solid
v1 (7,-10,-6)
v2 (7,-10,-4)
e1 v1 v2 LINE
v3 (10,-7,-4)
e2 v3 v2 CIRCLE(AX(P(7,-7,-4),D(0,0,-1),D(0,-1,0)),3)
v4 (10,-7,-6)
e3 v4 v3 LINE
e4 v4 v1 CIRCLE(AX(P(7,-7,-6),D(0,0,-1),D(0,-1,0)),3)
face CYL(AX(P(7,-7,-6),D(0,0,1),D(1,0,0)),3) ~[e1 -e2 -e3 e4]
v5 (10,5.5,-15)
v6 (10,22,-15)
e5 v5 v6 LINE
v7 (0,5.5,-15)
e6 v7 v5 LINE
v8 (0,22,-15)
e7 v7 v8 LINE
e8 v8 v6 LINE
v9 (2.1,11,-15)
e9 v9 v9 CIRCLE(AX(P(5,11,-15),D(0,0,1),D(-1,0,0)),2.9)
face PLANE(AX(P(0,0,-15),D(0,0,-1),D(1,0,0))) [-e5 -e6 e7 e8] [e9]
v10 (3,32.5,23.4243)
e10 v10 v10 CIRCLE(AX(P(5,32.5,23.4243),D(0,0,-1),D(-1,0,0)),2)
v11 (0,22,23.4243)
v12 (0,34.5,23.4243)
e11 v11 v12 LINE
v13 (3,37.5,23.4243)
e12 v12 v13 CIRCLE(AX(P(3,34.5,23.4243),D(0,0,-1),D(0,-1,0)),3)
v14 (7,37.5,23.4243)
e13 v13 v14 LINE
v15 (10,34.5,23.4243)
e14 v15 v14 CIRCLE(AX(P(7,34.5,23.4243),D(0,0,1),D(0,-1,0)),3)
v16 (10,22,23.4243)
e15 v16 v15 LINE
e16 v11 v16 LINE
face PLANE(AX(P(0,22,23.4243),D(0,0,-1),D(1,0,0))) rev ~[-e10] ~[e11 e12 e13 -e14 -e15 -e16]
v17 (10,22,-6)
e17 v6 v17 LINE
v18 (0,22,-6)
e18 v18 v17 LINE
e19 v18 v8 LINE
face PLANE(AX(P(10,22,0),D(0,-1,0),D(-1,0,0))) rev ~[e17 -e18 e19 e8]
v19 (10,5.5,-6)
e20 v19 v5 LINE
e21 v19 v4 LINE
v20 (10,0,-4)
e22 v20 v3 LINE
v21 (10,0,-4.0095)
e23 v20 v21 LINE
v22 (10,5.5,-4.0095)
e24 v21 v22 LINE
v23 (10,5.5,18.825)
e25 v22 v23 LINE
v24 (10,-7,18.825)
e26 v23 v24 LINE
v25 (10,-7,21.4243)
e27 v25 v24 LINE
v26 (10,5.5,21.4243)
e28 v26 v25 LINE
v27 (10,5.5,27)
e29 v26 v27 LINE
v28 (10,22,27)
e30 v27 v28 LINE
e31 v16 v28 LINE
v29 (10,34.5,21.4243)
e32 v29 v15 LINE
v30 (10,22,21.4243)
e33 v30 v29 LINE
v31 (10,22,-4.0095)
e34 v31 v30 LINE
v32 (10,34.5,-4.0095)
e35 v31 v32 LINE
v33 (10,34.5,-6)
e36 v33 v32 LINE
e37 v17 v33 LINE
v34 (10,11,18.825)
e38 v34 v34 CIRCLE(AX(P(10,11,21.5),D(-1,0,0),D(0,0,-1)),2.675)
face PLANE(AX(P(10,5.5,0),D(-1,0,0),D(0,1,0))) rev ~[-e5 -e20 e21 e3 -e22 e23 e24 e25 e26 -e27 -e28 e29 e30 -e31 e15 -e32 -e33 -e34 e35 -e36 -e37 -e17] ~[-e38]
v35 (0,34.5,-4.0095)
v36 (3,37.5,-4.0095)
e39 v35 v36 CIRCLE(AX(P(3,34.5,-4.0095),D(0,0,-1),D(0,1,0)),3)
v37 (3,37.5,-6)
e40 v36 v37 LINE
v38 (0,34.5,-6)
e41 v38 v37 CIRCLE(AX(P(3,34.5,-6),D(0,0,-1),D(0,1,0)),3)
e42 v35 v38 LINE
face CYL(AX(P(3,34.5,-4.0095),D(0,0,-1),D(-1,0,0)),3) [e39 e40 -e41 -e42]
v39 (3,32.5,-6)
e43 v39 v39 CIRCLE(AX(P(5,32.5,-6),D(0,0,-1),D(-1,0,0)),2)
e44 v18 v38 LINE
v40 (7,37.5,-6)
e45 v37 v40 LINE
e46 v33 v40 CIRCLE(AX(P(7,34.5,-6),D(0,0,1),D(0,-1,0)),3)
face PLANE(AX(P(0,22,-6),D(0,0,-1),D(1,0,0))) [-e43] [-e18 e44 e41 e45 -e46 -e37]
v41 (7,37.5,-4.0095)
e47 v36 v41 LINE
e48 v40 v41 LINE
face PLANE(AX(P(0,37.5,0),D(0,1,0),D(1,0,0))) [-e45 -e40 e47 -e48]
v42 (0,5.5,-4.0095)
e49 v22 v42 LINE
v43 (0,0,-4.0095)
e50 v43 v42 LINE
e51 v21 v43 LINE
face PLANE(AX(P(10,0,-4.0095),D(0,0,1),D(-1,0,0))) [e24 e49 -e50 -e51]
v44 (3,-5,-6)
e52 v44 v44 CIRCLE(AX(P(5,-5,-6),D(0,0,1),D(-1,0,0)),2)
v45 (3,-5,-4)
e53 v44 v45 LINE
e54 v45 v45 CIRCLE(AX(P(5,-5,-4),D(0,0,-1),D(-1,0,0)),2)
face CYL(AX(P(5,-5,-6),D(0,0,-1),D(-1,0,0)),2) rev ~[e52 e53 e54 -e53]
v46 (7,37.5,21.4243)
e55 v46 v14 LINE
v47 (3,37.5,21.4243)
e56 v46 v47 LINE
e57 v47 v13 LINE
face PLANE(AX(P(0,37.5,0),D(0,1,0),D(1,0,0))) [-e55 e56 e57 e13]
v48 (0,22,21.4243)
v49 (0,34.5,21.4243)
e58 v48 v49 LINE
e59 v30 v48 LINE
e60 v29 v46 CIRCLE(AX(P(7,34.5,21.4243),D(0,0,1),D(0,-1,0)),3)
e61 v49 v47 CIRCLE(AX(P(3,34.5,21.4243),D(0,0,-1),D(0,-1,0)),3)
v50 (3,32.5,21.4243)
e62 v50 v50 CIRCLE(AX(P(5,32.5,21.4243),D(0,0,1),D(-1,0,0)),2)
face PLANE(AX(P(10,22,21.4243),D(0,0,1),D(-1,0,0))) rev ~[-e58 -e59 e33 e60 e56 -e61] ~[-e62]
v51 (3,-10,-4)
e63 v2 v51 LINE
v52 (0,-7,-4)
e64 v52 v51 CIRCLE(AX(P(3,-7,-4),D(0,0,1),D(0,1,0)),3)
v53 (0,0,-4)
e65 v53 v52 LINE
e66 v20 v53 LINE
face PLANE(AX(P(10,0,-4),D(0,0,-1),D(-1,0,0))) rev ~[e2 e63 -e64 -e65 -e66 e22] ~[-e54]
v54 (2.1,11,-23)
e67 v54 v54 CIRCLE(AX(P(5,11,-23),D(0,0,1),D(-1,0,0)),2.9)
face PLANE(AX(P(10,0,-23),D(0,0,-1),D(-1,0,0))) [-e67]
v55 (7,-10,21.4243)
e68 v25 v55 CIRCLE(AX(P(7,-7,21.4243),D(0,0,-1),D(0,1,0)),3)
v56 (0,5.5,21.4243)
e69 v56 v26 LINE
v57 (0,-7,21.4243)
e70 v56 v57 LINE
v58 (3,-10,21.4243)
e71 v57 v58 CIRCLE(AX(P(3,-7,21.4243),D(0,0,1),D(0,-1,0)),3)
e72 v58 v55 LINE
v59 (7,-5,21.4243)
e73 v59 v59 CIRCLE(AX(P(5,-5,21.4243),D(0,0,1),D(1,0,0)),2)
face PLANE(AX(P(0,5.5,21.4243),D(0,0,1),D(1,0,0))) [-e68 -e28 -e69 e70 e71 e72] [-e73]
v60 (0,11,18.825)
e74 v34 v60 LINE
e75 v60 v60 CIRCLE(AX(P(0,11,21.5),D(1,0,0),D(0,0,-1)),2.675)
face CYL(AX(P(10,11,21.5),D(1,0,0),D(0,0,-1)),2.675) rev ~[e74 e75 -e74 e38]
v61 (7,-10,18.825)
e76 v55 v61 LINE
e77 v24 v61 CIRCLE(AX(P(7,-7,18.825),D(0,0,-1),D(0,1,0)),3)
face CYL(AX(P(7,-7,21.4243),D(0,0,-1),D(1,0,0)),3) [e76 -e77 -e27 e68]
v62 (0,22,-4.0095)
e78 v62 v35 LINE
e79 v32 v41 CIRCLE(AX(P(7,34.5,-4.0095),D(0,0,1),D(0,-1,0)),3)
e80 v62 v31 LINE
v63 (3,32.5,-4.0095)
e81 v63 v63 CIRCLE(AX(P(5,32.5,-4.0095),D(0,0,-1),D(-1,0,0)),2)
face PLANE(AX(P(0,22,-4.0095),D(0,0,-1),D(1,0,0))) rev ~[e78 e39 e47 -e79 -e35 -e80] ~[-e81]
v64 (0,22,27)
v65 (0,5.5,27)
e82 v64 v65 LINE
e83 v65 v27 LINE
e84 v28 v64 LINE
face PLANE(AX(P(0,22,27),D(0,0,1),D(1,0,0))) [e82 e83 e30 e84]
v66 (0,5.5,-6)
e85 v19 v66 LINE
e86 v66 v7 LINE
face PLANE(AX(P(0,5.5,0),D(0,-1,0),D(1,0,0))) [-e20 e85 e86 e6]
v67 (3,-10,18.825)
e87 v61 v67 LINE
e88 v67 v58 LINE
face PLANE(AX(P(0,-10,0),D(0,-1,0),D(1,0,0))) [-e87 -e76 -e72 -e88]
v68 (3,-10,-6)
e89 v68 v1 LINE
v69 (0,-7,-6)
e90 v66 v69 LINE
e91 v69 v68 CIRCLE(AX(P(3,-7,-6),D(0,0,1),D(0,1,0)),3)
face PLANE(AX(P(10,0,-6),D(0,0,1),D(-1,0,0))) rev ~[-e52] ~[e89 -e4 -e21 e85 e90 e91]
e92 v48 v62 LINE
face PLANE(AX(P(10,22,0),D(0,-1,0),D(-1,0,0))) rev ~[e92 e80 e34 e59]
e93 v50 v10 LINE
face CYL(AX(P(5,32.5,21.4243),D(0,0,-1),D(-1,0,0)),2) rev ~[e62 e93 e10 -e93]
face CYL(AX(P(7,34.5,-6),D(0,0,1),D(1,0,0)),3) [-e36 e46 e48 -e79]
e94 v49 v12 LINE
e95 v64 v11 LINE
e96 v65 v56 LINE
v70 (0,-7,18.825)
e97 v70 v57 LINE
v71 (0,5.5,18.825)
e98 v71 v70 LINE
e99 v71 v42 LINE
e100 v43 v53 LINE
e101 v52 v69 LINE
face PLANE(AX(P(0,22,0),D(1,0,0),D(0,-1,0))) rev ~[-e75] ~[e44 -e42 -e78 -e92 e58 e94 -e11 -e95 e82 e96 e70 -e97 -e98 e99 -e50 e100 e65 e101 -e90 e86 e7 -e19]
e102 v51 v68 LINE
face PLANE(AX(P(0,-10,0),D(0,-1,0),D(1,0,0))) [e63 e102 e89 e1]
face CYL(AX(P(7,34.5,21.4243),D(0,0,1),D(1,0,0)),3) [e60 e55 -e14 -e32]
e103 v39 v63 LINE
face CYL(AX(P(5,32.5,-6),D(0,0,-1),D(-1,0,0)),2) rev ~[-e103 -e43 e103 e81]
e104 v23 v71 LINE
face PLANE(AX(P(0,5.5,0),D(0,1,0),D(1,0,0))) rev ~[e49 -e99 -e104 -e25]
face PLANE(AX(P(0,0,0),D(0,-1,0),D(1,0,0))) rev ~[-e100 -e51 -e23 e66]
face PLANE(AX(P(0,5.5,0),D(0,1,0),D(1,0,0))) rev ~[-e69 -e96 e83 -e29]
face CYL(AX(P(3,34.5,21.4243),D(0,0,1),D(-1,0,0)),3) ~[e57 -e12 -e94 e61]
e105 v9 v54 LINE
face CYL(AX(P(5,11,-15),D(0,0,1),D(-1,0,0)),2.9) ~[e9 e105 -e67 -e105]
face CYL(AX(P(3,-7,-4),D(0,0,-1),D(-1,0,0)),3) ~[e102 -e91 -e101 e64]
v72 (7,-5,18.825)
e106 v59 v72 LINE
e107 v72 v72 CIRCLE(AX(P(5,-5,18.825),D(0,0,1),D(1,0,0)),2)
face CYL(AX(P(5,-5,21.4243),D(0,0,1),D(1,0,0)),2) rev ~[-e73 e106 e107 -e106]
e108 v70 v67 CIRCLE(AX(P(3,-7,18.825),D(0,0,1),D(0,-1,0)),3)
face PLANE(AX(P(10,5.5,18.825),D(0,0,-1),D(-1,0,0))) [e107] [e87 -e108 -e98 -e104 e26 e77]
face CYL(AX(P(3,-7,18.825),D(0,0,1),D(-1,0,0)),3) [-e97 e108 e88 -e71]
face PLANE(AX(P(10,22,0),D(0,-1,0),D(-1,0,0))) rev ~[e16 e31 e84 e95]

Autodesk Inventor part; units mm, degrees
ref_plane "YZ Plane" through (0, 0, 0) normal (1, 0, 0) x (0, 1, 0)
ref_plane "XZ Plane" through (0, 0, 0) normal (0, 1, 0) x (-1, 0, 0)
ref_plane "XY Plane" through (0, 0, 0) normal (0, 0, 1) x (1, 0, 0)
sketch "Sketch1" plane through (0, 0, 0) normal (0, 1, 0) x (-1, 0, 0)
  line L0 (0, 0) -> (0, -15)
  line L1 (0, -15) -> (-10, -15)
  line L2 (-10, -15) -> (-10, 0)
  line L3 (-10, 0) -> (0, 0)
  dimension "d0" = 15
  dimension "d1" = 10
extrude "Extrusion1" add sketch "Sketch1" along normal blind 22
sketch "Sketch3" plane through (10, 0, -15) normal (0, 0, -1) x (-1, 0, 0)
  line L0 (0, 0) -> (0, 22) projected
  line L1 (0, 11) -> (5, 11)
  circle A0 centre (5, 11) radius 2.9
  point P0 (10, 0)
  dimension "d9" = 5
  dimension "d10" = 5.8
extrude "Extrusion3" add sketch "Sketch3" along normal blind 8
sketch "Sketch4" plane through (0, 0, 0) normal (0, -1, 0) x (1, 0, 0)
  line L0 (0, 0) -> (0, -6)
  line L1 (0, -15) -> (0, 0) projected
  line L2 (0, -6) -> (10, -6)
  line L3 (10, -6.8) -> (0, -6.8) projected
  line L4 (10, -6) -> (10, -4)
  line L5 (10, -4) -> (0, -4)
  dimension "d13" = 6
  dimension "d14" = 2
extrude "Extrusion4" add sketch "Sketch4" along normal blind 10
fillet "Fillet1" radius 3 2 edges at (10, -10, -5) (0, -10, -5)
sketch "Sketch5" plane through (10, 0, -6) normal (0, 0, -1) x (-1, 0, 0)
  line L0 (0, 0) -> (5, 0)
  line L1 (0, 0) -> (10, 0) projected
  line L2 (5, 0) -> (5, -5)
  circle A0 centre (5, -5) radius 2
  dimension "d18" = 5
  dimension "d19" = 5
  dimension "d20" = 4
extrude "Extrusion5" cut sketch "Sketch5" against normal blind 10
sketch "Sketch6" plane through (0, 0, 0) normal (0, -1, 0) x (1, 0, 0)
  line L0 (10, -6) -> (10, -15) projected
  line L1 (10, -15) -> (10, -6)
  line L2 (10, -6) -> (0, -6)
  line L3 (0, -6) -> (0, -15)
  line L4 (0, -15) -> (10, -15)
  line L5 (0, 0) -> (10, 0) projected
  line L6 (10, -4.0095) -> (0, -4.0095)
  line L7 (0, -4.0095) -> (0, 0)
  line L8 (0, 0) -> (10, 0)
  line L9 (10, 0) -> (10, -4.0095)
extrude "Extrusion6" cut sketch "Sketch6" against normal blind 5.5
sketch "Sketch7" plane through (0, 22, 0) normal (0, 0, 1) x (1, 0, 0)
  line L0 (10, -16.5) -> (10, 0) projected
  line L1 (10, 0) -> (0, 0)
  line L2 (0, 0) -> (0, -16.5)
  line L3 (0, -16.5) -> (10, -16.5)
  line L4 (10, -16.5) -> (10, 0)
  point P0 (0, -22)
extrude "Extrusion7" add sketch "Sketch7" along normal blind 27
sketch "Sketch8" plane through (10, -7, -4) normal (1, 0, 0) x (0, 0, -1)
  line L0 (11, 29) -> (-31, 29) projected
  line L1 (11, 29) -> (-25.5, 29)
  line L2 (-25.5, 29) -> (-25.5, 18)
  circle A0 centre (-25.5, 18) radius 2.675
  point P0 (-4, 7)
  dimension "d28" = 36.5
  dimension "d29" = 11
  dimension "d30" = 5.35
extrude "Extrusion8" cut sketch "Sketch8" against normal blind 40
sketch "Sketch9" plane through (0, 22, 0) normal (0, 1, 0) x (1, 0, 0)
  line L0 (0, 15) -> (0, -27) projected
  line L1 (10, 15) -> (10, -27) projected
  line L2 (0, -23.4243) -> (10, -23.4243)
  line L3 (10, -23.4243) -> (10, -21.4243)
  line L4 (10, -21.4243) -> (0, -21.4243)
  line L5 (0, -21.4243) -> (0, -23.4243)
  point P0 (0, 0)
  point P1 (0, -21.4243)
  dimension "d33" = 2
extrude "Extrusion9" add sketch "Sketch9" along normal blind 15.5
fillet "Fillet3" radius 3 2 edges at (10, 37.5, 22.4243) (0, 37.5, 22.4243)
sketch "Sketch10" plane through (10, 22, 21.4243) normal (0, 0, -1) x (-1, 0, 0)
  line L0 (7, 15.5) -> (3, 15.5) projected
  line L1 (5, 15.5) -> (5, 10.5)
  circle A0 centre (5, 10.5) radius 2
  point P0 (10, -22)
  dimension "d37" = 5
  dimension "d38" = 4
extrude "Extrusion10" cut sketch "Sketch10" against normal blind 15.5
sketch "Sketch11" plane through (0, 22, 0) normal (0, 1, 0) x (1, 0, 0)
  line L0 (0, 6) -> (10, 6) projected
  line L1 (0, 4.0095) -> (10, 4.0095) projected
  line L2 (0, 6) -> (10, 6)
  line L3 (10, 6) -> (10, 4.0095)
  line L4 (10, 4.0095) -> (0, 4.0095)
  line L5 (0, 4.0095) -> (0, 6)
  point P0 (0, 0)
extrude "Extrusion11" add sketch "Sketch11" along normal blind 15.5
fillet "Fillet4" radius 3 2 edges at (10, 37.5, -5.0048) (0, 37.5, -5.0048)
sketch "Sketch12" plane through (10, 22, -6) normal (0, 0, -1) x (-1, 0, 0)
  circle A0 centre (5, 10.5) radius 2 projected
  circle A1 centre (5, 10.5) radius 2
  point P0 (10, -22)
extrude "Extrusion12" cut sketch "Sketch12" against normal blind 10
sketch "Sketch13" plane through (0, 5.5, 0) normal (0, -1, 0) x (1, 0, 0)
  line L0 (10, 18.825) -> (0, 18.825) projected
  line L1 (0, 21.4243) -> (10, 21.4243) projected
  line L2 (10, 18.825) -> (0, 18.825)
  line L3 (0, 18.825) -> (0, 21.4243)
  line L4 (0, 21.4243) -> (10, 21.4243)
  line L5 (10, 21.4243) -> (10, 18.825)
  point P0 (0, 0)
extrude "Extrusion13" add sketch "Sketch13" along normal blind 15.5
fillet "Fillet5" radius 3 2 edges at (0, -10, 20.1246) (10, -10, 20.1246)
sketch "Sketch14" plane through (0, 5.5, 21.4243) normal (0, 0, 1) x (1, 0, 0)
  circle A0 centre (5, -10.5) radius 2 projected
  circle A1 centre (5, -10.5) radius 2
  point P0 (0, -5.5)
extrude "Extrusion14" cut sketch "Sketch14" against normal blind 15.5
properties part number "DudukanRodaDepan"
